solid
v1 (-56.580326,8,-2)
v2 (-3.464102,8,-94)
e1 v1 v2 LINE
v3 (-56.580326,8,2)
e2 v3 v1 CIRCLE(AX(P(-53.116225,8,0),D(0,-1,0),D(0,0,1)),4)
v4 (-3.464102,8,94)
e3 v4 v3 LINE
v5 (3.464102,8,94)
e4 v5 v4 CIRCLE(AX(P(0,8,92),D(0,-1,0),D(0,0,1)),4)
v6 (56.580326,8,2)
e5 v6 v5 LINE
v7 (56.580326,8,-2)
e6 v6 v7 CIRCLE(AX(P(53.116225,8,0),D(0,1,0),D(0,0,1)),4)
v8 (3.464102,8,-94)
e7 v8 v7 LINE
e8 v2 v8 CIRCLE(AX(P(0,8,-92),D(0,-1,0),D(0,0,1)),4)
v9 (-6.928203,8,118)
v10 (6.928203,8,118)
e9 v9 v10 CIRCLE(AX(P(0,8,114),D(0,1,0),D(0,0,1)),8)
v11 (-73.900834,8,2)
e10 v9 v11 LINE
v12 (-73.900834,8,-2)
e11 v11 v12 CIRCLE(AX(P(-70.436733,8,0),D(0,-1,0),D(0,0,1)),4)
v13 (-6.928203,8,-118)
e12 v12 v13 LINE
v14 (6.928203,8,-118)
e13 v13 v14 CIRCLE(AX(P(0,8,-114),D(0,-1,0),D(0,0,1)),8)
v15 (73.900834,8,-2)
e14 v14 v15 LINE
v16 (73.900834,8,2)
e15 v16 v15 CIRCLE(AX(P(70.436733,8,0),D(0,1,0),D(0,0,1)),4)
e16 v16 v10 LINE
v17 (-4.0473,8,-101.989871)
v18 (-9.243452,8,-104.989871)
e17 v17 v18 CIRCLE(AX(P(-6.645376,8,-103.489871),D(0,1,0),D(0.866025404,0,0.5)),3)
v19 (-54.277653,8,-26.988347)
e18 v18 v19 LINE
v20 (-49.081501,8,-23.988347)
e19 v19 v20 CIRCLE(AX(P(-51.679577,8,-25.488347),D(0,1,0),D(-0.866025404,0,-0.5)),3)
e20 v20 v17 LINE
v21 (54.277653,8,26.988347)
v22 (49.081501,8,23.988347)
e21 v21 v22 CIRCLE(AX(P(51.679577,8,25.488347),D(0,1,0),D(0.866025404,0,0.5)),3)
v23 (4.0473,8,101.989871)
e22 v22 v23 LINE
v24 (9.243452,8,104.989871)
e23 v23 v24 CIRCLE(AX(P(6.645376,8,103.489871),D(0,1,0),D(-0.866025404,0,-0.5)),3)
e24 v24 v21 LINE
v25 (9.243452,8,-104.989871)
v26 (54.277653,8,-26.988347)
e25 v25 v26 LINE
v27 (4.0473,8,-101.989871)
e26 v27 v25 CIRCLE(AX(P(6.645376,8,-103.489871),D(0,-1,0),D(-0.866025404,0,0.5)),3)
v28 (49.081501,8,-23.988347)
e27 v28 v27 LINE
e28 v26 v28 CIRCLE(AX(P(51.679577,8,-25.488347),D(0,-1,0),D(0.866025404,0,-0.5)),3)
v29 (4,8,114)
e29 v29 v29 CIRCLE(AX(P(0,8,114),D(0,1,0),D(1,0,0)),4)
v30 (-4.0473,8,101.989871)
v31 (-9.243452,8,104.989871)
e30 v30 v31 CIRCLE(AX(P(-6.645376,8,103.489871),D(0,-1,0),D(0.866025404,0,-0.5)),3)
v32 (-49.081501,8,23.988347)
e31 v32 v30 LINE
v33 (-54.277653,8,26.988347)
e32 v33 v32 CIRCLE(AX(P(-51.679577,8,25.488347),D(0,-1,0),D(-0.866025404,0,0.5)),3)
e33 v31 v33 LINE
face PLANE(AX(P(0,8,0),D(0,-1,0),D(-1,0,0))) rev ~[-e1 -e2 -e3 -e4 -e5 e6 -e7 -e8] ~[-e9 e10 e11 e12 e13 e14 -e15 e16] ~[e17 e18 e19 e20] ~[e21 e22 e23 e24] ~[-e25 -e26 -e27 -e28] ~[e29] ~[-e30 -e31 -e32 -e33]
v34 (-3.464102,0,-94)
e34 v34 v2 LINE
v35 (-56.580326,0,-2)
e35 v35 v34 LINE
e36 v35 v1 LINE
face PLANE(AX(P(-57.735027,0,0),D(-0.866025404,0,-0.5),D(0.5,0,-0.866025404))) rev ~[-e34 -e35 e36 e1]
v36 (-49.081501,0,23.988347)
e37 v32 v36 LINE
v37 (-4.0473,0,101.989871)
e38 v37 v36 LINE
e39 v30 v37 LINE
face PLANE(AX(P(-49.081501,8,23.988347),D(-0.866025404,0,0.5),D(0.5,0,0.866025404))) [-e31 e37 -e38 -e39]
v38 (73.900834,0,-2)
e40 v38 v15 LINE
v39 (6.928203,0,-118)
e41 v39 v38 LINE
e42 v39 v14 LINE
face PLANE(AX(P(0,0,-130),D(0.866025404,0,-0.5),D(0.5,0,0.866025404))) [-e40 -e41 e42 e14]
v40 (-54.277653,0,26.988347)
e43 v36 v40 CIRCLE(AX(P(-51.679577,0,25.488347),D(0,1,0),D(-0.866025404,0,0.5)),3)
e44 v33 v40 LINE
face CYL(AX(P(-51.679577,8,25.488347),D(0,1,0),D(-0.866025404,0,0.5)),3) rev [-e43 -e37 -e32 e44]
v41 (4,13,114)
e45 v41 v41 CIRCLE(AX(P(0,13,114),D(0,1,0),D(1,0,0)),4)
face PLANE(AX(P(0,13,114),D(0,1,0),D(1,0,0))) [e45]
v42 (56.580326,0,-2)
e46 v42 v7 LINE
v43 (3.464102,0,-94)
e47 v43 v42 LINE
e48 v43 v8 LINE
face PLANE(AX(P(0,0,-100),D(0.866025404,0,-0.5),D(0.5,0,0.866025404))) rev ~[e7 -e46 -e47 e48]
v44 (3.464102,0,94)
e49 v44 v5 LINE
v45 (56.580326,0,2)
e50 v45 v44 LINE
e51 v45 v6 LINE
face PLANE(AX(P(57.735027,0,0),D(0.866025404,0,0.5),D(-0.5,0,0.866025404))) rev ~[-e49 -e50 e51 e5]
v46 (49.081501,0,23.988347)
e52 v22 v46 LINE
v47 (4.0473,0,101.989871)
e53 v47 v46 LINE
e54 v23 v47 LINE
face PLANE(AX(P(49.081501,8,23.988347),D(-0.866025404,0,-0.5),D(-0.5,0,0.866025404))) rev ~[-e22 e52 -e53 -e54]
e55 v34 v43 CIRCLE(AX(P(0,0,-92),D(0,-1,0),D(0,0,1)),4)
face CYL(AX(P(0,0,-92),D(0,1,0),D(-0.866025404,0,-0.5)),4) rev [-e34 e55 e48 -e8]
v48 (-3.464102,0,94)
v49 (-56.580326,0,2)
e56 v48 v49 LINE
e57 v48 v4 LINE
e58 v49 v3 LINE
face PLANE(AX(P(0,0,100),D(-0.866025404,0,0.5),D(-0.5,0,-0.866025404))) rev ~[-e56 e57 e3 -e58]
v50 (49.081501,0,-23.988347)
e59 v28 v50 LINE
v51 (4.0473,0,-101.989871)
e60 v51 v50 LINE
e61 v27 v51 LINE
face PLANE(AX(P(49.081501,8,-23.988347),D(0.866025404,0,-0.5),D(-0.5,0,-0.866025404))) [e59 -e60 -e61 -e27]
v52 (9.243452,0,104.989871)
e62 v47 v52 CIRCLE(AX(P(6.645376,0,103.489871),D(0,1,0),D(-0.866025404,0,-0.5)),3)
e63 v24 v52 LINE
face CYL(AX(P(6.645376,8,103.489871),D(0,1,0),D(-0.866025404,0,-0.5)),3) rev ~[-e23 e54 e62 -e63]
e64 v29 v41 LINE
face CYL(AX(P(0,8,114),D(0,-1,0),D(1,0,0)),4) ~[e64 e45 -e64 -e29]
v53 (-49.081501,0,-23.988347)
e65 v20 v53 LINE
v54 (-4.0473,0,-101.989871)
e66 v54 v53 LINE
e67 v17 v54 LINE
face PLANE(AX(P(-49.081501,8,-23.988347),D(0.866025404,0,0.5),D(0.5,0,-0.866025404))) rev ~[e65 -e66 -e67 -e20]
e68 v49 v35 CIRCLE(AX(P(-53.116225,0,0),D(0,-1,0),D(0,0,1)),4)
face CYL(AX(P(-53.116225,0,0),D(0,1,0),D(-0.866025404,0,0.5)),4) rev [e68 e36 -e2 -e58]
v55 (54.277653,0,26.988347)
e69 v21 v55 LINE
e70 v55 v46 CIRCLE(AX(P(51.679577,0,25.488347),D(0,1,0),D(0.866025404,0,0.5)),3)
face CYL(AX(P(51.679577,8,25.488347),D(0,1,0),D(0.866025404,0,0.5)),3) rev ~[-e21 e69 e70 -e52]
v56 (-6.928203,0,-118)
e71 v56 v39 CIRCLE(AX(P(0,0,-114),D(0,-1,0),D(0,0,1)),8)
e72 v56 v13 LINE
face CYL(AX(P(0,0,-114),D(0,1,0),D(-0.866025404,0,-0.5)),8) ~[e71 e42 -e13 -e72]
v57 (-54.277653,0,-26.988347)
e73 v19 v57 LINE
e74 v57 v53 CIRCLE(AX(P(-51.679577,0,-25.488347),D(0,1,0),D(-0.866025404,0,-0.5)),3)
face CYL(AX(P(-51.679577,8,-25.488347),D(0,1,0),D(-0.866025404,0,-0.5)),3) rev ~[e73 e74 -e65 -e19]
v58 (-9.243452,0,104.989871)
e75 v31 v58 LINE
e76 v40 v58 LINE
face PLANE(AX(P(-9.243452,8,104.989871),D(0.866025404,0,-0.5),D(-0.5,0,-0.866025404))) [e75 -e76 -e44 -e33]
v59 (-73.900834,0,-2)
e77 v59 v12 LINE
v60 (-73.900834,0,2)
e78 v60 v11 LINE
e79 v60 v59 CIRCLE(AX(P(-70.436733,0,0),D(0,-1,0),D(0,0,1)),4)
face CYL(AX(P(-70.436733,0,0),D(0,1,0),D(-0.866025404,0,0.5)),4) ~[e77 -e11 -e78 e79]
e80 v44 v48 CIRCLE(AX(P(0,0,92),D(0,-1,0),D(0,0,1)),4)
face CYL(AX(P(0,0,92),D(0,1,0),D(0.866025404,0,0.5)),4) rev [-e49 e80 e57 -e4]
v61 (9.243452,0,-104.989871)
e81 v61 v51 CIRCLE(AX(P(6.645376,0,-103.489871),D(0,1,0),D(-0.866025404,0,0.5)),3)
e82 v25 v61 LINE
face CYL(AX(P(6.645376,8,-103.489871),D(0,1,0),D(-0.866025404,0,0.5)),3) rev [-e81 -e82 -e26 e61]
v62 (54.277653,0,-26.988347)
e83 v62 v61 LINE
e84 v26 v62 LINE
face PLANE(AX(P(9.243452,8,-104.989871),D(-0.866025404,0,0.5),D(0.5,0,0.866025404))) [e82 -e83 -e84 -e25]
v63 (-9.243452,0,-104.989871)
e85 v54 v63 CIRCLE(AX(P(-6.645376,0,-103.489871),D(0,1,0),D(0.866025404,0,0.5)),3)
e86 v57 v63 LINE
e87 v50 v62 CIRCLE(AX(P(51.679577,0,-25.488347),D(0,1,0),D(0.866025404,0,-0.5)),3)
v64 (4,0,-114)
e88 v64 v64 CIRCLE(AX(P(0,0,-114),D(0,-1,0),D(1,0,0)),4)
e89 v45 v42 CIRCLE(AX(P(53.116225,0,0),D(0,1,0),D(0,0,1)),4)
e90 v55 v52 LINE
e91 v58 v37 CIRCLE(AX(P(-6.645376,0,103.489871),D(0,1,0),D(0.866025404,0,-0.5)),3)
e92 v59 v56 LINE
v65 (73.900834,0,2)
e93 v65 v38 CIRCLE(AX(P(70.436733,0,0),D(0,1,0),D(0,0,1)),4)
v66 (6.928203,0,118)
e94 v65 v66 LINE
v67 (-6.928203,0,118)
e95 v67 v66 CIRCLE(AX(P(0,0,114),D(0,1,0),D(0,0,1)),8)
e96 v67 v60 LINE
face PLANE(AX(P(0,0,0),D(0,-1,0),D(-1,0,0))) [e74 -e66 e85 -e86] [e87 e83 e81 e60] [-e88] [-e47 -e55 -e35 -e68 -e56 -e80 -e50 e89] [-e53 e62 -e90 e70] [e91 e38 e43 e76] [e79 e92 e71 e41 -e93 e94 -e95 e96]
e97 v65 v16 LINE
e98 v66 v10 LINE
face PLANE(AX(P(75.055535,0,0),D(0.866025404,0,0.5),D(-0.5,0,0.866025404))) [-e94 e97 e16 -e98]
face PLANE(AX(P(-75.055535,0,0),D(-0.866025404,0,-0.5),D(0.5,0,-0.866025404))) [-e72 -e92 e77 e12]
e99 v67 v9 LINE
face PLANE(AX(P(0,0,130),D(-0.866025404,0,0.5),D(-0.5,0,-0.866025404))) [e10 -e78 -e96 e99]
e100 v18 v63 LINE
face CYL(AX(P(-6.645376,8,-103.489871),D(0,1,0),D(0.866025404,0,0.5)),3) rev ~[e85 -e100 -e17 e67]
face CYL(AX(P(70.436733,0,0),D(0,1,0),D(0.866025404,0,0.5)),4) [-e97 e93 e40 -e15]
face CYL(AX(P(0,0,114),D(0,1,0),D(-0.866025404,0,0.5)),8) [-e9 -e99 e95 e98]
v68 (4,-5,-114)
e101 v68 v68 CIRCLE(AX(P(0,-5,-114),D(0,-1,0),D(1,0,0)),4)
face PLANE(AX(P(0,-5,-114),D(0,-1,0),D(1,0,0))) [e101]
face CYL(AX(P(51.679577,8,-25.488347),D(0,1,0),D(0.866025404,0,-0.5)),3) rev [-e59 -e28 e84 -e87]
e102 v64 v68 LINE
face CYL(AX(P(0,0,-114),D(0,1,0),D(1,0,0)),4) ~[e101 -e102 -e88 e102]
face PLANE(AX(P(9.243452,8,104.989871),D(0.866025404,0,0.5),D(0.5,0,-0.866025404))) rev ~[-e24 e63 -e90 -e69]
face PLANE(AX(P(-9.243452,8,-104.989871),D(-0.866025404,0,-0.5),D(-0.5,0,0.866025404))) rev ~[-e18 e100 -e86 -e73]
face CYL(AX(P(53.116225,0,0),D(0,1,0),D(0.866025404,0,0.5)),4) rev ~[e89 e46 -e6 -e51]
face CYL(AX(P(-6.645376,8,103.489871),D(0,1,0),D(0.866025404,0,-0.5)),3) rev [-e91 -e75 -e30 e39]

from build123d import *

# Parameters (mm, degrees)
EXTRUDE_1_DEPTH     = 8
FILLET_1_R          = 8
FILLET_2_R          = 4
FILLET_3_R          = 4
CUT_EXTRUDE_1_DEPTH = 9
SKETCH_3_R          = 4
EXTRUDE_2_DEPTH     = 5
SKETCH_4_R          = 4
EXTRUDE_3_DEPTH     = 5


with BuildPart() as part:
    # 草图1 → 凸台-拉伸1 (new body)
    with BuildSketch(Plane(origin=(0, 0, 0), x_dir=(1, 0, 0), z_dir=(0, 1, 0))):
        Polygon((0, -130), (-75.055534995, 0), (0, 130), (75.055534995, 0), align=None)
        Polygon((57.735026919, 0), (0, -100), (-57.735026919, 0), (0, 100), align=None, mode=Mode.SUBTRACT)
    extrude(amount=EXTRUDE_1_DEPTH)

    # 圆角1
    fillet_1_edges = [part.edges().sort_by_distance(p)[0] for p in [
        (0, 4, -130),
        (0, 4, 130),
    ]]
    fillet(fillet_1_edges, radius=FILLET_1_R)

    # 圆角2
    fillet_2_edges = [part.edges().sort_by_distance(p)[0] for p in [
        (0, 4, -100),
        (0, 4, 100),
    ]]
    fillet(fillet_2_edges, radius=FILLET_2_R)

    # 圆角3
    fillet_3_edges = [part.edges().sort_by_distance(p)[0] for p in [
        (57.735026919, 4, 0),
        (-57.735026919, 4, 0),
        (75.055534995, 4, 0),
        (-75.055534995, 4, 0),
    ]]
    fillet(fillet_3_edges, radius=FILLET_3_R)

    # 草图2 → 切除-拉伸1 (cut, through all)
    with BuildSketch(Plane(origin=(0, 8, 0), x_dir=(1, 0, 0), z_dir=(0, 1, 0))):
        with BuildLine():
            Line((-9.243452109, -104.989871311), (-54.277652929, -26.988347411))
            ThreePointArc((-54.277652929, -26.988347411), (-53.179576718, -22.8902712), (-49.081500506, -23.988347411))
            Line((-49.081500506, -23.988347411), (-4.047299686, -101.989871311))
            ThreePointArc((-4.047299686, -101.989871311), (-5.145375897, -106.087947522), (-9.243452109, -104.989871311))
        make_face()
        with BuildLine():
            Line((9.243452109, -104.989871311), (54.277652929, -26.988347411))
            ThreePointArc((54.277652929, -26.988347411), (53.179576718, -22.8902712), (49.081500506, -23.988347411))
            Line((49.081500506, -23.988347411), (4.047299686, -101.989871311))
            ThreePointArc((4.047299686, -101.989871311), (5.145375897, -106.087947522), (9.243452109, -104.989871311))
        make_face()
        with BuildLine():
            Line((9.243452109, 104.989871311), (54.277652929, 26.988347411))
            ThreePointArc((54.277652929, 26.988347411), (53.179576718, 22.8902712), (49.081500506, 23.988347411))
            Line((49.081500506, 23.988347411), (4.047299686, 101.989871311))
            ThreePointArc((4.047299686, 101.989871311), (5.145375897, 106.087947522), (9.243452109, 104.989871311))
        make_face()
        with BuildLine():
            Line((-9.243452109, 104.989871311), (-54.277652929, 26.988347411))
            ThreePointArc((-54.277652929, 26.988347411), (-53.179576718, 22.8902712), (-49.081500506, 23.988347411))
            Line((-49.081500506, 23.988347411), (-4.047299686, 101.989871311))
            ThreePointArc((-4.047299686, 101.989871311), (-5.145375897, 106.087947522), (-9.243452109, 104.989871311))
        make_face()
    extrude(amount=-CUT_EXTRUDE_1_DEPTH, mode=Mode.SUBTRACT)

    # 草图3 → 凸台-拉伸2 (add)
    with BuildSketch(Plane(origin=(0, 8, 0), x_dir=(1, 0, 0), z_dir=(0, 1, 0))):
        with Locations((0, -114)):
            Circle(SKETCH_3_R)
    extrude(amount=EXTRUDE_2_DEPTH)

    # 草图4 → 凸台-拉伸3 (add)
    with BuildSketch(Plane.XZ):
        with Locations((0, -114)):
            Circle(SKETCH_4_R)
    extrude(amount=EXTRUDE_3_DEPTH)


solid = part.part
